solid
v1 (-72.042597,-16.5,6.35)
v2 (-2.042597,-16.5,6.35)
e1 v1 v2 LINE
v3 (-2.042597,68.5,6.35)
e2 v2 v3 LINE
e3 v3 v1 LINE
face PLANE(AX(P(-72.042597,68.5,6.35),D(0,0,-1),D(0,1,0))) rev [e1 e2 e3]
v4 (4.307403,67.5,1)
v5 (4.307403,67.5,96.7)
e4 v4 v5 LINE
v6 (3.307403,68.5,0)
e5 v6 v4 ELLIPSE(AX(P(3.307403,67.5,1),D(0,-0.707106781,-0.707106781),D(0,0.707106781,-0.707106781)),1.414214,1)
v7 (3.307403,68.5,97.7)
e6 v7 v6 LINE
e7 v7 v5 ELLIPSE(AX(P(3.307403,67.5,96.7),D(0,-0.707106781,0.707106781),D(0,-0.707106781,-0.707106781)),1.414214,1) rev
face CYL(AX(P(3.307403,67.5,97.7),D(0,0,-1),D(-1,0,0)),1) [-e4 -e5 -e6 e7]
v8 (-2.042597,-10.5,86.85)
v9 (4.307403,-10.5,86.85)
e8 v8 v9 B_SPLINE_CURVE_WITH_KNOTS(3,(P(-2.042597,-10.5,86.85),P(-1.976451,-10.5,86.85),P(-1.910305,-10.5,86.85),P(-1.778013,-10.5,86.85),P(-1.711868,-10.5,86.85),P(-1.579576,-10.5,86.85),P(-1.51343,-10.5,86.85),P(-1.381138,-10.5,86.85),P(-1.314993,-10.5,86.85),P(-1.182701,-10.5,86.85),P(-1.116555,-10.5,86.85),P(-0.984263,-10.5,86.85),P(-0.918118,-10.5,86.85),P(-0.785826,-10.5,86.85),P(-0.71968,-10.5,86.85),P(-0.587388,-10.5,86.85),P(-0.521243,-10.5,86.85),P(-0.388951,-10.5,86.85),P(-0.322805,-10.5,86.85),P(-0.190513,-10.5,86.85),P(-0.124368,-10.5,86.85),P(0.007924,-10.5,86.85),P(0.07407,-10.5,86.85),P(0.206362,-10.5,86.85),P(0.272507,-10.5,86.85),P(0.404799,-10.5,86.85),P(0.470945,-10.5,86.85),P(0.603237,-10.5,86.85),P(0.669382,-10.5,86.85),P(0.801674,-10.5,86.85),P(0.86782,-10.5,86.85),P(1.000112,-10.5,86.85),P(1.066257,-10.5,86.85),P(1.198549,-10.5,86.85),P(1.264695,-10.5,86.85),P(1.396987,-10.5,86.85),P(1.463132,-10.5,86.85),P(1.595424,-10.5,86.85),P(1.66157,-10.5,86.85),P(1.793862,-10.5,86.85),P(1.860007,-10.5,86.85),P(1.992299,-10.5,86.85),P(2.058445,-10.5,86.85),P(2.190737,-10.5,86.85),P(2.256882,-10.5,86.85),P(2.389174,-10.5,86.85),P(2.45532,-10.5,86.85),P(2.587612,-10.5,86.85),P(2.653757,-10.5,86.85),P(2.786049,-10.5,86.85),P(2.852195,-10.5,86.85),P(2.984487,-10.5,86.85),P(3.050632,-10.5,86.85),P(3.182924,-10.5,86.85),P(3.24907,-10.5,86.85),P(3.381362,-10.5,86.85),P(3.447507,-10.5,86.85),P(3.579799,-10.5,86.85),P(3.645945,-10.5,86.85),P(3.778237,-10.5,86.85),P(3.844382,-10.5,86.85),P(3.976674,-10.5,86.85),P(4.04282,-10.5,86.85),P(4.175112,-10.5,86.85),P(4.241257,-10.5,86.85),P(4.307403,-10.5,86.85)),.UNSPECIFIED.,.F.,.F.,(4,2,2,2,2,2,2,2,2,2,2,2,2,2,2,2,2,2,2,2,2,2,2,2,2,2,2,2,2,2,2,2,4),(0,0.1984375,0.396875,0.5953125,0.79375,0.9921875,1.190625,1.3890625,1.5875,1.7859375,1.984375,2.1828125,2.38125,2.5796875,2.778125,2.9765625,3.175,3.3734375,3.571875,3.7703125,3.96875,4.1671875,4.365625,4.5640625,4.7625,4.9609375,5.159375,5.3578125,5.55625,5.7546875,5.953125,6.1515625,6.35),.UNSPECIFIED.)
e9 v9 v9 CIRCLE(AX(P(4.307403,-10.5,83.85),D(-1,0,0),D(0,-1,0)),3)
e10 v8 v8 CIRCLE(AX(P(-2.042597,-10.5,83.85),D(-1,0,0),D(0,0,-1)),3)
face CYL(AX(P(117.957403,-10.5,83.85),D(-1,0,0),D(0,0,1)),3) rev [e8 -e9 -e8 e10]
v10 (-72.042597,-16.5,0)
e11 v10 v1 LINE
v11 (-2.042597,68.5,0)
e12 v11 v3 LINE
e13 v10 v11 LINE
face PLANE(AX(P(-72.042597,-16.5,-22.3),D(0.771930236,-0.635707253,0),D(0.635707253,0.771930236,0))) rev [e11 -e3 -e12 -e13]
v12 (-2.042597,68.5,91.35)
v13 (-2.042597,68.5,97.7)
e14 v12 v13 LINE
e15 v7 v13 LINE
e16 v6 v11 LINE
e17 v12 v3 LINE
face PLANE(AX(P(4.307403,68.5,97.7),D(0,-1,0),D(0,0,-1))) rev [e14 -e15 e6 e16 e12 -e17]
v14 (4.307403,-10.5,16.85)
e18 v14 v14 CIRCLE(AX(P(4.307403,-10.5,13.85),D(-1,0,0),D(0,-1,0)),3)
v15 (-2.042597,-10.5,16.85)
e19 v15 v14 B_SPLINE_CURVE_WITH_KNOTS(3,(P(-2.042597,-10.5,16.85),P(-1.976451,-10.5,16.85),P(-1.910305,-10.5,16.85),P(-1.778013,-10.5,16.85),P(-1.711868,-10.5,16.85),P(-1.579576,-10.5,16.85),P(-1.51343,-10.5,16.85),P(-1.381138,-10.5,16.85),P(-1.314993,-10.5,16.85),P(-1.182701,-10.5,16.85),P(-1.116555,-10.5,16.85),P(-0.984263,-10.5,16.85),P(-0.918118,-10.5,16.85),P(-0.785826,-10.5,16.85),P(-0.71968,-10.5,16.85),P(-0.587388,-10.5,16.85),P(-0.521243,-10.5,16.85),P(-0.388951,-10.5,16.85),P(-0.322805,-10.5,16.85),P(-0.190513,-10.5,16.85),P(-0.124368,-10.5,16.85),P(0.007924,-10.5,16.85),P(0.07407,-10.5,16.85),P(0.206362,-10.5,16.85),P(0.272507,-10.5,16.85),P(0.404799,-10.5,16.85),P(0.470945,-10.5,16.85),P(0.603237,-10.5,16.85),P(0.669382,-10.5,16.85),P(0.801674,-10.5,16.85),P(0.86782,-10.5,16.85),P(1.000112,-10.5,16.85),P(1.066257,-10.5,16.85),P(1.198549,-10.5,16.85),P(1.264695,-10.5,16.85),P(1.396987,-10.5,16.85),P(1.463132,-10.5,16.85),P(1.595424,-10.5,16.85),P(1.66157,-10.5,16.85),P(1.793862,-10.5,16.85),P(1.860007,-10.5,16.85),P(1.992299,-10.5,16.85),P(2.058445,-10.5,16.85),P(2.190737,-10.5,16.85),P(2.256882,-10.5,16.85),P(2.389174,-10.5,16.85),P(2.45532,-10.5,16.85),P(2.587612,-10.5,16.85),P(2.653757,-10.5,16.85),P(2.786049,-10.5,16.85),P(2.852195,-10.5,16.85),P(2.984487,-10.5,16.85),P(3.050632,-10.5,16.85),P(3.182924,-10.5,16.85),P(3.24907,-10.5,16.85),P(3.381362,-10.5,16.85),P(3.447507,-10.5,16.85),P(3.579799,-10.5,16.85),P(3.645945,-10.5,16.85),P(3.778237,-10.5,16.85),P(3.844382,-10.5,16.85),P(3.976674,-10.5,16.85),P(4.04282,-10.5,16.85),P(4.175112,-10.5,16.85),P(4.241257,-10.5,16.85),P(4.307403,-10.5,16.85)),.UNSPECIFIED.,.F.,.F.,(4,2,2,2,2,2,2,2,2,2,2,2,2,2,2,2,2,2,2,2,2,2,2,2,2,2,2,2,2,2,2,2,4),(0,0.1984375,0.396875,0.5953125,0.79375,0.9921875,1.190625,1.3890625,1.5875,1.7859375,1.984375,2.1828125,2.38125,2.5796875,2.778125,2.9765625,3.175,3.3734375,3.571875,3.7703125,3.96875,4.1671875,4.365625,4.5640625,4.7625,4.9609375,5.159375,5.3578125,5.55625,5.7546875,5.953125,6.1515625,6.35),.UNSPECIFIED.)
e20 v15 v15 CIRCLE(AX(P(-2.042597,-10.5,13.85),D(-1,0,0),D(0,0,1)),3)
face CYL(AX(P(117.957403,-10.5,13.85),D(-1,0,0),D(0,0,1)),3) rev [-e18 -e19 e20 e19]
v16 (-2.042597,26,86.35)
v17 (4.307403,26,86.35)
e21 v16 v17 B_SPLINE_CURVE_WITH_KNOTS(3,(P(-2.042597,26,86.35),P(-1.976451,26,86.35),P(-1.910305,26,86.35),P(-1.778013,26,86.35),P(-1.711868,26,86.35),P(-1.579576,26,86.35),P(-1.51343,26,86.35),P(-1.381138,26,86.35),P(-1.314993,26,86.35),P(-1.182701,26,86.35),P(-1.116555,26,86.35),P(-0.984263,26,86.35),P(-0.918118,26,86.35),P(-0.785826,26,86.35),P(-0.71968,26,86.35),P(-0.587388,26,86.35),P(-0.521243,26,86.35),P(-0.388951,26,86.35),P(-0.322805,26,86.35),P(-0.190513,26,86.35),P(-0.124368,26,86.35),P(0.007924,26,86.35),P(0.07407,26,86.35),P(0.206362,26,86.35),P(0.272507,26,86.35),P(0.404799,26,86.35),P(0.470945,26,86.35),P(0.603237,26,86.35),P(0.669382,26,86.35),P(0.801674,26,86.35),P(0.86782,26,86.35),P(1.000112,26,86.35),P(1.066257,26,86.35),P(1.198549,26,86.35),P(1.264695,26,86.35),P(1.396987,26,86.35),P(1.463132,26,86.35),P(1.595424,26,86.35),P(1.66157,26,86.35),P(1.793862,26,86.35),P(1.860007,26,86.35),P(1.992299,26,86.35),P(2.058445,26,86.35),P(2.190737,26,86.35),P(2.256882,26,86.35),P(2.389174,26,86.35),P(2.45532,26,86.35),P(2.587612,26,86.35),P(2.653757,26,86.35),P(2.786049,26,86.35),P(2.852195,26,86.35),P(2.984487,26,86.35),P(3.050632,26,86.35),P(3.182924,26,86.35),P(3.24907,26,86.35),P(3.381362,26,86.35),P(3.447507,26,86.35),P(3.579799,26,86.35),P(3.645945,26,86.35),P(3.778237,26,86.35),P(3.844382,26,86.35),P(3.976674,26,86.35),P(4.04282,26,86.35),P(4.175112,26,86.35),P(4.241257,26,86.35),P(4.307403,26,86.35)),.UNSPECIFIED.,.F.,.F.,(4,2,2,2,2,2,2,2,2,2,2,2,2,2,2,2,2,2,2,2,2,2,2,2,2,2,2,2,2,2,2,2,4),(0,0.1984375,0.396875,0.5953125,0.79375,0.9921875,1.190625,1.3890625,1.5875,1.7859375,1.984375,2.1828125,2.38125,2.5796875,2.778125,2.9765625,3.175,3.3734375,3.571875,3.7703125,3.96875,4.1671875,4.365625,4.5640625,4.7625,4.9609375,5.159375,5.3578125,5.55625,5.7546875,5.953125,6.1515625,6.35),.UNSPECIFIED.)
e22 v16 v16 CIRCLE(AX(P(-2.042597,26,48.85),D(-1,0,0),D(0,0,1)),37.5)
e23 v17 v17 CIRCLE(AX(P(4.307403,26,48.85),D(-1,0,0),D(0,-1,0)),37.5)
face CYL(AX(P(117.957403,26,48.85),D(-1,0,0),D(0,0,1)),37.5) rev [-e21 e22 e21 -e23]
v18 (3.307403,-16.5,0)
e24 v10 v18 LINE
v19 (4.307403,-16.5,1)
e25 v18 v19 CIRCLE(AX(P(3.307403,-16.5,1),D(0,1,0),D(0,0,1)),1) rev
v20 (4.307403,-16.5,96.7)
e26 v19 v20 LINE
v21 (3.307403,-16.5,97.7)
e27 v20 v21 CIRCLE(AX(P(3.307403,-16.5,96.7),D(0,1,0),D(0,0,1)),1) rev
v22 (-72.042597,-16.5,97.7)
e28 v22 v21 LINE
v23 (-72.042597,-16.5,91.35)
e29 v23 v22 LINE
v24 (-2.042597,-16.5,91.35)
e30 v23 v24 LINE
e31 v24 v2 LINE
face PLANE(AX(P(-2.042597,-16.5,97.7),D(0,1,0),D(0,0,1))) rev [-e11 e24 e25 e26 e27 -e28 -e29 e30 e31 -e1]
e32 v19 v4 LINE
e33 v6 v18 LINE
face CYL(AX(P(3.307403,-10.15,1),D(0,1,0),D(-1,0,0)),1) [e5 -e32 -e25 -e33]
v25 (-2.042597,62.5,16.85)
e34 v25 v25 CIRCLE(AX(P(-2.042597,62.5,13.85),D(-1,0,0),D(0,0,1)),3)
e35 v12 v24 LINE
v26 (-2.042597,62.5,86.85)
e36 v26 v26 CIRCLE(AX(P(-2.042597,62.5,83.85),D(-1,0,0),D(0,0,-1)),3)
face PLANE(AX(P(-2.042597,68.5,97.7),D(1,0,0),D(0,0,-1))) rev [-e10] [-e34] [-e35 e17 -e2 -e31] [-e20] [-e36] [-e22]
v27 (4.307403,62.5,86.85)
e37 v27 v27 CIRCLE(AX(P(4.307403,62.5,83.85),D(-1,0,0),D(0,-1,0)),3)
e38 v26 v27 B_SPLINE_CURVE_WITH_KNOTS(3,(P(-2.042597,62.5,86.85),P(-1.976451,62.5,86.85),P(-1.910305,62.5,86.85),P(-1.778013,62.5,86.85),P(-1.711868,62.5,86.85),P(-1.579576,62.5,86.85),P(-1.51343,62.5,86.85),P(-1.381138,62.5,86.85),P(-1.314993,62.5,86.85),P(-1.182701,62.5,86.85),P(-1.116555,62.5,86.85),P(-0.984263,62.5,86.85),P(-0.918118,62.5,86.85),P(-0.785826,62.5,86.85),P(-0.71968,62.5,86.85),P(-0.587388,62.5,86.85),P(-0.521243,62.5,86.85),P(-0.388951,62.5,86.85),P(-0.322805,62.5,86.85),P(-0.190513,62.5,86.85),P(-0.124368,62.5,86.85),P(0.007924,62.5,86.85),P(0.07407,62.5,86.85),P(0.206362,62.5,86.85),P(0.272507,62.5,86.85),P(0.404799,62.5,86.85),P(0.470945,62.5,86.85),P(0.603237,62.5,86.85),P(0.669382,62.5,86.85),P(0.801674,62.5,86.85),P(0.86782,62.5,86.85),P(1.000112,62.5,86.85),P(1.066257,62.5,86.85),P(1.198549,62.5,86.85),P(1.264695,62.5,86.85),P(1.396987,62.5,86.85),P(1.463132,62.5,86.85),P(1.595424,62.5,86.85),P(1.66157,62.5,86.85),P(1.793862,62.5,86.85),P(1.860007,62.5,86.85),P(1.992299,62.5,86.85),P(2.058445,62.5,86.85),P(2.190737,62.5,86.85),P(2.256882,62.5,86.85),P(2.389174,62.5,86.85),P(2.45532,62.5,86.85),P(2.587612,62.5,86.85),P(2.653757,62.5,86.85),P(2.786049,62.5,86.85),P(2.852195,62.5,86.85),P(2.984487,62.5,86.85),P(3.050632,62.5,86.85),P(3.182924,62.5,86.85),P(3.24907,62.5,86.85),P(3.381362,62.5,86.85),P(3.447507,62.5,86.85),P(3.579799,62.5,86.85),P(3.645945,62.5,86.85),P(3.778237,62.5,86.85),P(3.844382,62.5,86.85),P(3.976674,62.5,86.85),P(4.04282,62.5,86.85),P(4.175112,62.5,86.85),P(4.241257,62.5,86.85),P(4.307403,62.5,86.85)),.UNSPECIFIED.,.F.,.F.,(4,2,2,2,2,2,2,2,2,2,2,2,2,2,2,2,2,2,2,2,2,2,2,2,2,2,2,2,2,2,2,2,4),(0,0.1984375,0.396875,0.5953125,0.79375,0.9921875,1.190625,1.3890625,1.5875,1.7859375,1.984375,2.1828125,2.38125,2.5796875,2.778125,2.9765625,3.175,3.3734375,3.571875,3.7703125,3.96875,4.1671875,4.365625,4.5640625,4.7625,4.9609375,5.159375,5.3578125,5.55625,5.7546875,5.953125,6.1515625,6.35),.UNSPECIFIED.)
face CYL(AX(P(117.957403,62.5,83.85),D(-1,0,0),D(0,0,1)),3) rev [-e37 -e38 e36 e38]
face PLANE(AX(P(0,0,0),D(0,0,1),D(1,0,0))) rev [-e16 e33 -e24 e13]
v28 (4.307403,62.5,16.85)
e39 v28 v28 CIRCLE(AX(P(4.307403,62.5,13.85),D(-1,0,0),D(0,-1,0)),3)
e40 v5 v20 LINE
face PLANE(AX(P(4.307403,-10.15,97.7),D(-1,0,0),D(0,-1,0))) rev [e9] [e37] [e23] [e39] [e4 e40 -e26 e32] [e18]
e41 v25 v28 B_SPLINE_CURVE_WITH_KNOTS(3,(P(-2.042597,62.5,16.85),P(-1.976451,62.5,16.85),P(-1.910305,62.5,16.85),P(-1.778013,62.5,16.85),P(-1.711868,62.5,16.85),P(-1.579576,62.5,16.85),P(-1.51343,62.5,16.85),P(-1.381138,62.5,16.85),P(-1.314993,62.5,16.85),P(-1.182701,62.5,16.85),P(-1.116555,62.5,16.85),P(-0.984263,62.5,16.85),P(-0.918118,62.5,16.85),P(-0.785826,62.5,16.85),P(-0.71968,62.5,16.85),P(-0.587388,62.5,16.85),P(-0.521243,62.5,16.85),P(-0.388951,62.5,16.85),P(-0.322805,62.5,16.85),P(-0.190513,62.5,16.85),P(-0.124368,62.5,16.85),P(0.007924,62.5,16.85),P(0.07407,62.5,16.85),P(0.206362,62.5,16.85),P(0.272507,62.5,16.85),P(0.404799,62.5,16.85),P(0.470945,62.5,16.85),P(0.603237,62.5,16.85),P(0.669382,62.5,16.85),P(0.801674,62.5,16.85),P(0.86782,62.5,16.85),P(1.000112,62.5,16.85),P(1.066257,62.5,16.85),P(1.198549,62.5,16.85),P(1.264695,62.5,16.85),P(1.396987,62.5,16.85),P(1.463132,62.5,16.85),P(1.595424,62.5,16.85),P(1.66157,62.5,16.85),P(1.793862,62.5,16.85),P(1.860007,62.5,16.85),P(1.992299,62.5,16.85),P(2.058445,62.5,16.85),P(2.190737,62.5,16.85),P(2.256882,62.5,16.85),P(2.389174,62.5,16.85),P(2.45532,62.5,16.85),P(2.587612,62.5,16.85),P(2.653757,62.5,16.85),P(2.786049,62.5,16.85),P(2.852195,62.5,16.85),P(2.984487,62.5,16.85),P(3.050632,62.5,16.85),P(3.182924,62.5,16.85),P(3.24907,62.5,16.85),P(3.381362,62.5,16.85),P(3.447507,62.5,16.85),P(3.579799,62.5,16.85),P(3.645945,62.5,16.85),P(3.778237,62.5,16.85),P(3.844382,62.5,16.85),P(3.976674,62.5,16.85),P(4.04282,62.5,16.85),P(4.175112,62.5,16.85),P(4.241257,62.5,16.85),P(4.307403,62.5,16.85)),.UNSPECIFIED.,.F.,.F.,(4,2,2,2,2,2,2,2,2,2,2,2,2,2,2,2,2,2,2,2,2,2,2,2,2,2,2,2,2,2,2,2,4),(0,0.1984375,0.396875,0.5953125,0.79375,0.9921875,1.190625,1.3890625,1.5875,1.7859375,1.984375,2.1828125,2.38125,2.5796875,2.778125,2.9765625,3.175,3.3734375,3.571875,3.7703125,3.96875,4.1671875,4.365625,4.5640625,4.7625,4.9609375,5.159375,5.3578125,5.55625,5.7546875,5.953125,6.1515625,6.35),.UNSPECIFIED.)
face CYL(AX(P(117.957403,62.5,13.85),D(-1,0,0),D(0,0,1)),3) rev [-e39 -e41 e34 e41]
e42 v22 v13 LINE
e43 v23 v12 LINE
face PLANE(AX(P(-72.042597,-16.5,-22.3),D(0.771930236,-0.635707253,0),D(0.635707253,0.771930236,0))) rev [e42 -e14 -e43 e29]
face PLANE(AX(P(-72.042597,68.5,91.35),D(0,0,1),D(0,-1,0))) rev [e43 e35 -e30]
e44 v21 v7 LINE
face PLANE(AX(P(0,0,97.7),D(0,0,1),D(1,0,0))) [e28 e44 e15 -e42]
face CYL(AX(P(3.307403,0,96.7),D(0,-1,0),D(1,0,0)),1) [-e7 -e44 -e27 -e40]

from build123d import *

# Parameters (mm, degrees)
SALIENTE_EXTRUIR1_DEPTH = 97.7
CROQUIS2_W              = 6.35
CROQUIS2_H              = 85
SALIENTE_EXTRUIR2_DEPTH = 70
CORTAR_EXTRUIR1_DEPTH   = 120
CROQUIS4_R              = 37.5
CROQUIS4_R_2            = 3
CORTAR_EXTRUIR2_DEPTH   = 120
CROQUIS5_W              = 30
CROQUIS5_H              = 18.85
CORTAR_EXTRUIR3_DEPTH   = 120
REDONDEO1_R             = 1
CORTAR_EXTRUIR4_DEPTH   = 110


with BuildPart() as part:
    # Croquis1 → Saliente-Extruir1 (new body)
    with BuildSketch(Plane.XY):
        Polygon((34.307403189, -10.15), (4.307403189, -10.15), (4.307403189, 68.5), (-2.042596811, 68.5), (-2.042596811, -16.5), (34.307403189, -16.5), align=None)
    extrude(amount=SALIENTE_EXTRUIR1_DEPTH)

    # Croquis2 → Saliente-Extruir2 (add)
    with BuildSketch(Plane.ZY.offset(2.042596811)):
        with Locations((3.175, 26)):
            Rectangle(CROQUIS2_W, CROQUIS2_H)
        with Locations((94.525, 26)):
            Rectangle(CROQUIS2_W, CROQUIS2_H)
    extrude(amount=SALIENTE_EXTRUIR2_DEPTH)

    # Croquis3 → Cortar-Extruir1 (cut)
    with BuildSketch(Plane.XY.offset(97.7)):
        Polygon((-72.042596811, -16.5), (-2.042596811, 68.5), (-72.042596811, 68.5), align=None)
    extrude(amount=-CORTAR_EXTRUIR1_DEPTH, mode=Mode.SUBTRACT)

    # Croquis4 → Cortar-Extruir2 (cut)
    with BuildSketch(Plane.ZY.offset(2.042596811)):
        with Locations((48.85, 26)):
            Circle(CROQUIS4_R)
        with Locations((13.85, 62.5)):
            Circle(CROQUIS4_R_2)
        with Locations((13.85, -10.5)):
            Circle(CROQUIS4_R_2)
        with Locations(Location((83.85, -10.5, 0), (0, 0, 6.699765178))):
            Circle(CROQUIS4_R_2)
        with Locations((83.85, 62.5)):
            Circle(CROQUIS4_R_2)
    extrude(amount=-CORTAR_EXTRUIR2_DEPTH, mode=Mode.SUBTRACT)

    # Croquis5 → Cortar-Extruir3 (cut)
    with BuildSketch(Plane(origin=(0, -10.15, 0), x_dir=(1, 0, 0), z_dir=(0, 1, 0))):
        with Locations((19.307403189, -9.425)):
            Rectangle(CROQUIS5_W, CROQUIS5_H)
        with Locations((19.307403189, -88.275)):
            Rectangle(CROQUIS5_W, CROQUIS5_H)
    extrude(amount=-CORTAR_EXTRUIR3_DEPTH, mode=Mode.SUBTRACT)

    # Redondeo1
    redondeo1_edges = [part.edges().sort_by_distance(p)[0] for p in [
        (4.307403189, 68.5, 48.85),
        (4.307403189, -13.325, 18.85),
        (4.307403189, 26, 97.7),
        (4.307403189, -13.325, 78.85),
        (4.307403189, -10.15, 28.864333044),
        (4.307403189, 26, 0),
    ]]
    fillet(redondeo1_edges, radius=REDONDEO1_R)

    # Croquis6 → Cortar-Extruir4 (cut)
    with BuildSketch(Plane(origin=(0, 68.5, 0), x_dir=(1, 0, 0), z_dir=(0, 1, 0))):
        Polygon((4.307403189, -1), (83.921067856, -1), (83.921067856, -107.501215509), (4.307403189, -96.7), align=None)
    extrude(amount=-CORTAR_EXTRUIR4_DEPTH, mode=Mode.SUBTRACT)


solid = part.part
